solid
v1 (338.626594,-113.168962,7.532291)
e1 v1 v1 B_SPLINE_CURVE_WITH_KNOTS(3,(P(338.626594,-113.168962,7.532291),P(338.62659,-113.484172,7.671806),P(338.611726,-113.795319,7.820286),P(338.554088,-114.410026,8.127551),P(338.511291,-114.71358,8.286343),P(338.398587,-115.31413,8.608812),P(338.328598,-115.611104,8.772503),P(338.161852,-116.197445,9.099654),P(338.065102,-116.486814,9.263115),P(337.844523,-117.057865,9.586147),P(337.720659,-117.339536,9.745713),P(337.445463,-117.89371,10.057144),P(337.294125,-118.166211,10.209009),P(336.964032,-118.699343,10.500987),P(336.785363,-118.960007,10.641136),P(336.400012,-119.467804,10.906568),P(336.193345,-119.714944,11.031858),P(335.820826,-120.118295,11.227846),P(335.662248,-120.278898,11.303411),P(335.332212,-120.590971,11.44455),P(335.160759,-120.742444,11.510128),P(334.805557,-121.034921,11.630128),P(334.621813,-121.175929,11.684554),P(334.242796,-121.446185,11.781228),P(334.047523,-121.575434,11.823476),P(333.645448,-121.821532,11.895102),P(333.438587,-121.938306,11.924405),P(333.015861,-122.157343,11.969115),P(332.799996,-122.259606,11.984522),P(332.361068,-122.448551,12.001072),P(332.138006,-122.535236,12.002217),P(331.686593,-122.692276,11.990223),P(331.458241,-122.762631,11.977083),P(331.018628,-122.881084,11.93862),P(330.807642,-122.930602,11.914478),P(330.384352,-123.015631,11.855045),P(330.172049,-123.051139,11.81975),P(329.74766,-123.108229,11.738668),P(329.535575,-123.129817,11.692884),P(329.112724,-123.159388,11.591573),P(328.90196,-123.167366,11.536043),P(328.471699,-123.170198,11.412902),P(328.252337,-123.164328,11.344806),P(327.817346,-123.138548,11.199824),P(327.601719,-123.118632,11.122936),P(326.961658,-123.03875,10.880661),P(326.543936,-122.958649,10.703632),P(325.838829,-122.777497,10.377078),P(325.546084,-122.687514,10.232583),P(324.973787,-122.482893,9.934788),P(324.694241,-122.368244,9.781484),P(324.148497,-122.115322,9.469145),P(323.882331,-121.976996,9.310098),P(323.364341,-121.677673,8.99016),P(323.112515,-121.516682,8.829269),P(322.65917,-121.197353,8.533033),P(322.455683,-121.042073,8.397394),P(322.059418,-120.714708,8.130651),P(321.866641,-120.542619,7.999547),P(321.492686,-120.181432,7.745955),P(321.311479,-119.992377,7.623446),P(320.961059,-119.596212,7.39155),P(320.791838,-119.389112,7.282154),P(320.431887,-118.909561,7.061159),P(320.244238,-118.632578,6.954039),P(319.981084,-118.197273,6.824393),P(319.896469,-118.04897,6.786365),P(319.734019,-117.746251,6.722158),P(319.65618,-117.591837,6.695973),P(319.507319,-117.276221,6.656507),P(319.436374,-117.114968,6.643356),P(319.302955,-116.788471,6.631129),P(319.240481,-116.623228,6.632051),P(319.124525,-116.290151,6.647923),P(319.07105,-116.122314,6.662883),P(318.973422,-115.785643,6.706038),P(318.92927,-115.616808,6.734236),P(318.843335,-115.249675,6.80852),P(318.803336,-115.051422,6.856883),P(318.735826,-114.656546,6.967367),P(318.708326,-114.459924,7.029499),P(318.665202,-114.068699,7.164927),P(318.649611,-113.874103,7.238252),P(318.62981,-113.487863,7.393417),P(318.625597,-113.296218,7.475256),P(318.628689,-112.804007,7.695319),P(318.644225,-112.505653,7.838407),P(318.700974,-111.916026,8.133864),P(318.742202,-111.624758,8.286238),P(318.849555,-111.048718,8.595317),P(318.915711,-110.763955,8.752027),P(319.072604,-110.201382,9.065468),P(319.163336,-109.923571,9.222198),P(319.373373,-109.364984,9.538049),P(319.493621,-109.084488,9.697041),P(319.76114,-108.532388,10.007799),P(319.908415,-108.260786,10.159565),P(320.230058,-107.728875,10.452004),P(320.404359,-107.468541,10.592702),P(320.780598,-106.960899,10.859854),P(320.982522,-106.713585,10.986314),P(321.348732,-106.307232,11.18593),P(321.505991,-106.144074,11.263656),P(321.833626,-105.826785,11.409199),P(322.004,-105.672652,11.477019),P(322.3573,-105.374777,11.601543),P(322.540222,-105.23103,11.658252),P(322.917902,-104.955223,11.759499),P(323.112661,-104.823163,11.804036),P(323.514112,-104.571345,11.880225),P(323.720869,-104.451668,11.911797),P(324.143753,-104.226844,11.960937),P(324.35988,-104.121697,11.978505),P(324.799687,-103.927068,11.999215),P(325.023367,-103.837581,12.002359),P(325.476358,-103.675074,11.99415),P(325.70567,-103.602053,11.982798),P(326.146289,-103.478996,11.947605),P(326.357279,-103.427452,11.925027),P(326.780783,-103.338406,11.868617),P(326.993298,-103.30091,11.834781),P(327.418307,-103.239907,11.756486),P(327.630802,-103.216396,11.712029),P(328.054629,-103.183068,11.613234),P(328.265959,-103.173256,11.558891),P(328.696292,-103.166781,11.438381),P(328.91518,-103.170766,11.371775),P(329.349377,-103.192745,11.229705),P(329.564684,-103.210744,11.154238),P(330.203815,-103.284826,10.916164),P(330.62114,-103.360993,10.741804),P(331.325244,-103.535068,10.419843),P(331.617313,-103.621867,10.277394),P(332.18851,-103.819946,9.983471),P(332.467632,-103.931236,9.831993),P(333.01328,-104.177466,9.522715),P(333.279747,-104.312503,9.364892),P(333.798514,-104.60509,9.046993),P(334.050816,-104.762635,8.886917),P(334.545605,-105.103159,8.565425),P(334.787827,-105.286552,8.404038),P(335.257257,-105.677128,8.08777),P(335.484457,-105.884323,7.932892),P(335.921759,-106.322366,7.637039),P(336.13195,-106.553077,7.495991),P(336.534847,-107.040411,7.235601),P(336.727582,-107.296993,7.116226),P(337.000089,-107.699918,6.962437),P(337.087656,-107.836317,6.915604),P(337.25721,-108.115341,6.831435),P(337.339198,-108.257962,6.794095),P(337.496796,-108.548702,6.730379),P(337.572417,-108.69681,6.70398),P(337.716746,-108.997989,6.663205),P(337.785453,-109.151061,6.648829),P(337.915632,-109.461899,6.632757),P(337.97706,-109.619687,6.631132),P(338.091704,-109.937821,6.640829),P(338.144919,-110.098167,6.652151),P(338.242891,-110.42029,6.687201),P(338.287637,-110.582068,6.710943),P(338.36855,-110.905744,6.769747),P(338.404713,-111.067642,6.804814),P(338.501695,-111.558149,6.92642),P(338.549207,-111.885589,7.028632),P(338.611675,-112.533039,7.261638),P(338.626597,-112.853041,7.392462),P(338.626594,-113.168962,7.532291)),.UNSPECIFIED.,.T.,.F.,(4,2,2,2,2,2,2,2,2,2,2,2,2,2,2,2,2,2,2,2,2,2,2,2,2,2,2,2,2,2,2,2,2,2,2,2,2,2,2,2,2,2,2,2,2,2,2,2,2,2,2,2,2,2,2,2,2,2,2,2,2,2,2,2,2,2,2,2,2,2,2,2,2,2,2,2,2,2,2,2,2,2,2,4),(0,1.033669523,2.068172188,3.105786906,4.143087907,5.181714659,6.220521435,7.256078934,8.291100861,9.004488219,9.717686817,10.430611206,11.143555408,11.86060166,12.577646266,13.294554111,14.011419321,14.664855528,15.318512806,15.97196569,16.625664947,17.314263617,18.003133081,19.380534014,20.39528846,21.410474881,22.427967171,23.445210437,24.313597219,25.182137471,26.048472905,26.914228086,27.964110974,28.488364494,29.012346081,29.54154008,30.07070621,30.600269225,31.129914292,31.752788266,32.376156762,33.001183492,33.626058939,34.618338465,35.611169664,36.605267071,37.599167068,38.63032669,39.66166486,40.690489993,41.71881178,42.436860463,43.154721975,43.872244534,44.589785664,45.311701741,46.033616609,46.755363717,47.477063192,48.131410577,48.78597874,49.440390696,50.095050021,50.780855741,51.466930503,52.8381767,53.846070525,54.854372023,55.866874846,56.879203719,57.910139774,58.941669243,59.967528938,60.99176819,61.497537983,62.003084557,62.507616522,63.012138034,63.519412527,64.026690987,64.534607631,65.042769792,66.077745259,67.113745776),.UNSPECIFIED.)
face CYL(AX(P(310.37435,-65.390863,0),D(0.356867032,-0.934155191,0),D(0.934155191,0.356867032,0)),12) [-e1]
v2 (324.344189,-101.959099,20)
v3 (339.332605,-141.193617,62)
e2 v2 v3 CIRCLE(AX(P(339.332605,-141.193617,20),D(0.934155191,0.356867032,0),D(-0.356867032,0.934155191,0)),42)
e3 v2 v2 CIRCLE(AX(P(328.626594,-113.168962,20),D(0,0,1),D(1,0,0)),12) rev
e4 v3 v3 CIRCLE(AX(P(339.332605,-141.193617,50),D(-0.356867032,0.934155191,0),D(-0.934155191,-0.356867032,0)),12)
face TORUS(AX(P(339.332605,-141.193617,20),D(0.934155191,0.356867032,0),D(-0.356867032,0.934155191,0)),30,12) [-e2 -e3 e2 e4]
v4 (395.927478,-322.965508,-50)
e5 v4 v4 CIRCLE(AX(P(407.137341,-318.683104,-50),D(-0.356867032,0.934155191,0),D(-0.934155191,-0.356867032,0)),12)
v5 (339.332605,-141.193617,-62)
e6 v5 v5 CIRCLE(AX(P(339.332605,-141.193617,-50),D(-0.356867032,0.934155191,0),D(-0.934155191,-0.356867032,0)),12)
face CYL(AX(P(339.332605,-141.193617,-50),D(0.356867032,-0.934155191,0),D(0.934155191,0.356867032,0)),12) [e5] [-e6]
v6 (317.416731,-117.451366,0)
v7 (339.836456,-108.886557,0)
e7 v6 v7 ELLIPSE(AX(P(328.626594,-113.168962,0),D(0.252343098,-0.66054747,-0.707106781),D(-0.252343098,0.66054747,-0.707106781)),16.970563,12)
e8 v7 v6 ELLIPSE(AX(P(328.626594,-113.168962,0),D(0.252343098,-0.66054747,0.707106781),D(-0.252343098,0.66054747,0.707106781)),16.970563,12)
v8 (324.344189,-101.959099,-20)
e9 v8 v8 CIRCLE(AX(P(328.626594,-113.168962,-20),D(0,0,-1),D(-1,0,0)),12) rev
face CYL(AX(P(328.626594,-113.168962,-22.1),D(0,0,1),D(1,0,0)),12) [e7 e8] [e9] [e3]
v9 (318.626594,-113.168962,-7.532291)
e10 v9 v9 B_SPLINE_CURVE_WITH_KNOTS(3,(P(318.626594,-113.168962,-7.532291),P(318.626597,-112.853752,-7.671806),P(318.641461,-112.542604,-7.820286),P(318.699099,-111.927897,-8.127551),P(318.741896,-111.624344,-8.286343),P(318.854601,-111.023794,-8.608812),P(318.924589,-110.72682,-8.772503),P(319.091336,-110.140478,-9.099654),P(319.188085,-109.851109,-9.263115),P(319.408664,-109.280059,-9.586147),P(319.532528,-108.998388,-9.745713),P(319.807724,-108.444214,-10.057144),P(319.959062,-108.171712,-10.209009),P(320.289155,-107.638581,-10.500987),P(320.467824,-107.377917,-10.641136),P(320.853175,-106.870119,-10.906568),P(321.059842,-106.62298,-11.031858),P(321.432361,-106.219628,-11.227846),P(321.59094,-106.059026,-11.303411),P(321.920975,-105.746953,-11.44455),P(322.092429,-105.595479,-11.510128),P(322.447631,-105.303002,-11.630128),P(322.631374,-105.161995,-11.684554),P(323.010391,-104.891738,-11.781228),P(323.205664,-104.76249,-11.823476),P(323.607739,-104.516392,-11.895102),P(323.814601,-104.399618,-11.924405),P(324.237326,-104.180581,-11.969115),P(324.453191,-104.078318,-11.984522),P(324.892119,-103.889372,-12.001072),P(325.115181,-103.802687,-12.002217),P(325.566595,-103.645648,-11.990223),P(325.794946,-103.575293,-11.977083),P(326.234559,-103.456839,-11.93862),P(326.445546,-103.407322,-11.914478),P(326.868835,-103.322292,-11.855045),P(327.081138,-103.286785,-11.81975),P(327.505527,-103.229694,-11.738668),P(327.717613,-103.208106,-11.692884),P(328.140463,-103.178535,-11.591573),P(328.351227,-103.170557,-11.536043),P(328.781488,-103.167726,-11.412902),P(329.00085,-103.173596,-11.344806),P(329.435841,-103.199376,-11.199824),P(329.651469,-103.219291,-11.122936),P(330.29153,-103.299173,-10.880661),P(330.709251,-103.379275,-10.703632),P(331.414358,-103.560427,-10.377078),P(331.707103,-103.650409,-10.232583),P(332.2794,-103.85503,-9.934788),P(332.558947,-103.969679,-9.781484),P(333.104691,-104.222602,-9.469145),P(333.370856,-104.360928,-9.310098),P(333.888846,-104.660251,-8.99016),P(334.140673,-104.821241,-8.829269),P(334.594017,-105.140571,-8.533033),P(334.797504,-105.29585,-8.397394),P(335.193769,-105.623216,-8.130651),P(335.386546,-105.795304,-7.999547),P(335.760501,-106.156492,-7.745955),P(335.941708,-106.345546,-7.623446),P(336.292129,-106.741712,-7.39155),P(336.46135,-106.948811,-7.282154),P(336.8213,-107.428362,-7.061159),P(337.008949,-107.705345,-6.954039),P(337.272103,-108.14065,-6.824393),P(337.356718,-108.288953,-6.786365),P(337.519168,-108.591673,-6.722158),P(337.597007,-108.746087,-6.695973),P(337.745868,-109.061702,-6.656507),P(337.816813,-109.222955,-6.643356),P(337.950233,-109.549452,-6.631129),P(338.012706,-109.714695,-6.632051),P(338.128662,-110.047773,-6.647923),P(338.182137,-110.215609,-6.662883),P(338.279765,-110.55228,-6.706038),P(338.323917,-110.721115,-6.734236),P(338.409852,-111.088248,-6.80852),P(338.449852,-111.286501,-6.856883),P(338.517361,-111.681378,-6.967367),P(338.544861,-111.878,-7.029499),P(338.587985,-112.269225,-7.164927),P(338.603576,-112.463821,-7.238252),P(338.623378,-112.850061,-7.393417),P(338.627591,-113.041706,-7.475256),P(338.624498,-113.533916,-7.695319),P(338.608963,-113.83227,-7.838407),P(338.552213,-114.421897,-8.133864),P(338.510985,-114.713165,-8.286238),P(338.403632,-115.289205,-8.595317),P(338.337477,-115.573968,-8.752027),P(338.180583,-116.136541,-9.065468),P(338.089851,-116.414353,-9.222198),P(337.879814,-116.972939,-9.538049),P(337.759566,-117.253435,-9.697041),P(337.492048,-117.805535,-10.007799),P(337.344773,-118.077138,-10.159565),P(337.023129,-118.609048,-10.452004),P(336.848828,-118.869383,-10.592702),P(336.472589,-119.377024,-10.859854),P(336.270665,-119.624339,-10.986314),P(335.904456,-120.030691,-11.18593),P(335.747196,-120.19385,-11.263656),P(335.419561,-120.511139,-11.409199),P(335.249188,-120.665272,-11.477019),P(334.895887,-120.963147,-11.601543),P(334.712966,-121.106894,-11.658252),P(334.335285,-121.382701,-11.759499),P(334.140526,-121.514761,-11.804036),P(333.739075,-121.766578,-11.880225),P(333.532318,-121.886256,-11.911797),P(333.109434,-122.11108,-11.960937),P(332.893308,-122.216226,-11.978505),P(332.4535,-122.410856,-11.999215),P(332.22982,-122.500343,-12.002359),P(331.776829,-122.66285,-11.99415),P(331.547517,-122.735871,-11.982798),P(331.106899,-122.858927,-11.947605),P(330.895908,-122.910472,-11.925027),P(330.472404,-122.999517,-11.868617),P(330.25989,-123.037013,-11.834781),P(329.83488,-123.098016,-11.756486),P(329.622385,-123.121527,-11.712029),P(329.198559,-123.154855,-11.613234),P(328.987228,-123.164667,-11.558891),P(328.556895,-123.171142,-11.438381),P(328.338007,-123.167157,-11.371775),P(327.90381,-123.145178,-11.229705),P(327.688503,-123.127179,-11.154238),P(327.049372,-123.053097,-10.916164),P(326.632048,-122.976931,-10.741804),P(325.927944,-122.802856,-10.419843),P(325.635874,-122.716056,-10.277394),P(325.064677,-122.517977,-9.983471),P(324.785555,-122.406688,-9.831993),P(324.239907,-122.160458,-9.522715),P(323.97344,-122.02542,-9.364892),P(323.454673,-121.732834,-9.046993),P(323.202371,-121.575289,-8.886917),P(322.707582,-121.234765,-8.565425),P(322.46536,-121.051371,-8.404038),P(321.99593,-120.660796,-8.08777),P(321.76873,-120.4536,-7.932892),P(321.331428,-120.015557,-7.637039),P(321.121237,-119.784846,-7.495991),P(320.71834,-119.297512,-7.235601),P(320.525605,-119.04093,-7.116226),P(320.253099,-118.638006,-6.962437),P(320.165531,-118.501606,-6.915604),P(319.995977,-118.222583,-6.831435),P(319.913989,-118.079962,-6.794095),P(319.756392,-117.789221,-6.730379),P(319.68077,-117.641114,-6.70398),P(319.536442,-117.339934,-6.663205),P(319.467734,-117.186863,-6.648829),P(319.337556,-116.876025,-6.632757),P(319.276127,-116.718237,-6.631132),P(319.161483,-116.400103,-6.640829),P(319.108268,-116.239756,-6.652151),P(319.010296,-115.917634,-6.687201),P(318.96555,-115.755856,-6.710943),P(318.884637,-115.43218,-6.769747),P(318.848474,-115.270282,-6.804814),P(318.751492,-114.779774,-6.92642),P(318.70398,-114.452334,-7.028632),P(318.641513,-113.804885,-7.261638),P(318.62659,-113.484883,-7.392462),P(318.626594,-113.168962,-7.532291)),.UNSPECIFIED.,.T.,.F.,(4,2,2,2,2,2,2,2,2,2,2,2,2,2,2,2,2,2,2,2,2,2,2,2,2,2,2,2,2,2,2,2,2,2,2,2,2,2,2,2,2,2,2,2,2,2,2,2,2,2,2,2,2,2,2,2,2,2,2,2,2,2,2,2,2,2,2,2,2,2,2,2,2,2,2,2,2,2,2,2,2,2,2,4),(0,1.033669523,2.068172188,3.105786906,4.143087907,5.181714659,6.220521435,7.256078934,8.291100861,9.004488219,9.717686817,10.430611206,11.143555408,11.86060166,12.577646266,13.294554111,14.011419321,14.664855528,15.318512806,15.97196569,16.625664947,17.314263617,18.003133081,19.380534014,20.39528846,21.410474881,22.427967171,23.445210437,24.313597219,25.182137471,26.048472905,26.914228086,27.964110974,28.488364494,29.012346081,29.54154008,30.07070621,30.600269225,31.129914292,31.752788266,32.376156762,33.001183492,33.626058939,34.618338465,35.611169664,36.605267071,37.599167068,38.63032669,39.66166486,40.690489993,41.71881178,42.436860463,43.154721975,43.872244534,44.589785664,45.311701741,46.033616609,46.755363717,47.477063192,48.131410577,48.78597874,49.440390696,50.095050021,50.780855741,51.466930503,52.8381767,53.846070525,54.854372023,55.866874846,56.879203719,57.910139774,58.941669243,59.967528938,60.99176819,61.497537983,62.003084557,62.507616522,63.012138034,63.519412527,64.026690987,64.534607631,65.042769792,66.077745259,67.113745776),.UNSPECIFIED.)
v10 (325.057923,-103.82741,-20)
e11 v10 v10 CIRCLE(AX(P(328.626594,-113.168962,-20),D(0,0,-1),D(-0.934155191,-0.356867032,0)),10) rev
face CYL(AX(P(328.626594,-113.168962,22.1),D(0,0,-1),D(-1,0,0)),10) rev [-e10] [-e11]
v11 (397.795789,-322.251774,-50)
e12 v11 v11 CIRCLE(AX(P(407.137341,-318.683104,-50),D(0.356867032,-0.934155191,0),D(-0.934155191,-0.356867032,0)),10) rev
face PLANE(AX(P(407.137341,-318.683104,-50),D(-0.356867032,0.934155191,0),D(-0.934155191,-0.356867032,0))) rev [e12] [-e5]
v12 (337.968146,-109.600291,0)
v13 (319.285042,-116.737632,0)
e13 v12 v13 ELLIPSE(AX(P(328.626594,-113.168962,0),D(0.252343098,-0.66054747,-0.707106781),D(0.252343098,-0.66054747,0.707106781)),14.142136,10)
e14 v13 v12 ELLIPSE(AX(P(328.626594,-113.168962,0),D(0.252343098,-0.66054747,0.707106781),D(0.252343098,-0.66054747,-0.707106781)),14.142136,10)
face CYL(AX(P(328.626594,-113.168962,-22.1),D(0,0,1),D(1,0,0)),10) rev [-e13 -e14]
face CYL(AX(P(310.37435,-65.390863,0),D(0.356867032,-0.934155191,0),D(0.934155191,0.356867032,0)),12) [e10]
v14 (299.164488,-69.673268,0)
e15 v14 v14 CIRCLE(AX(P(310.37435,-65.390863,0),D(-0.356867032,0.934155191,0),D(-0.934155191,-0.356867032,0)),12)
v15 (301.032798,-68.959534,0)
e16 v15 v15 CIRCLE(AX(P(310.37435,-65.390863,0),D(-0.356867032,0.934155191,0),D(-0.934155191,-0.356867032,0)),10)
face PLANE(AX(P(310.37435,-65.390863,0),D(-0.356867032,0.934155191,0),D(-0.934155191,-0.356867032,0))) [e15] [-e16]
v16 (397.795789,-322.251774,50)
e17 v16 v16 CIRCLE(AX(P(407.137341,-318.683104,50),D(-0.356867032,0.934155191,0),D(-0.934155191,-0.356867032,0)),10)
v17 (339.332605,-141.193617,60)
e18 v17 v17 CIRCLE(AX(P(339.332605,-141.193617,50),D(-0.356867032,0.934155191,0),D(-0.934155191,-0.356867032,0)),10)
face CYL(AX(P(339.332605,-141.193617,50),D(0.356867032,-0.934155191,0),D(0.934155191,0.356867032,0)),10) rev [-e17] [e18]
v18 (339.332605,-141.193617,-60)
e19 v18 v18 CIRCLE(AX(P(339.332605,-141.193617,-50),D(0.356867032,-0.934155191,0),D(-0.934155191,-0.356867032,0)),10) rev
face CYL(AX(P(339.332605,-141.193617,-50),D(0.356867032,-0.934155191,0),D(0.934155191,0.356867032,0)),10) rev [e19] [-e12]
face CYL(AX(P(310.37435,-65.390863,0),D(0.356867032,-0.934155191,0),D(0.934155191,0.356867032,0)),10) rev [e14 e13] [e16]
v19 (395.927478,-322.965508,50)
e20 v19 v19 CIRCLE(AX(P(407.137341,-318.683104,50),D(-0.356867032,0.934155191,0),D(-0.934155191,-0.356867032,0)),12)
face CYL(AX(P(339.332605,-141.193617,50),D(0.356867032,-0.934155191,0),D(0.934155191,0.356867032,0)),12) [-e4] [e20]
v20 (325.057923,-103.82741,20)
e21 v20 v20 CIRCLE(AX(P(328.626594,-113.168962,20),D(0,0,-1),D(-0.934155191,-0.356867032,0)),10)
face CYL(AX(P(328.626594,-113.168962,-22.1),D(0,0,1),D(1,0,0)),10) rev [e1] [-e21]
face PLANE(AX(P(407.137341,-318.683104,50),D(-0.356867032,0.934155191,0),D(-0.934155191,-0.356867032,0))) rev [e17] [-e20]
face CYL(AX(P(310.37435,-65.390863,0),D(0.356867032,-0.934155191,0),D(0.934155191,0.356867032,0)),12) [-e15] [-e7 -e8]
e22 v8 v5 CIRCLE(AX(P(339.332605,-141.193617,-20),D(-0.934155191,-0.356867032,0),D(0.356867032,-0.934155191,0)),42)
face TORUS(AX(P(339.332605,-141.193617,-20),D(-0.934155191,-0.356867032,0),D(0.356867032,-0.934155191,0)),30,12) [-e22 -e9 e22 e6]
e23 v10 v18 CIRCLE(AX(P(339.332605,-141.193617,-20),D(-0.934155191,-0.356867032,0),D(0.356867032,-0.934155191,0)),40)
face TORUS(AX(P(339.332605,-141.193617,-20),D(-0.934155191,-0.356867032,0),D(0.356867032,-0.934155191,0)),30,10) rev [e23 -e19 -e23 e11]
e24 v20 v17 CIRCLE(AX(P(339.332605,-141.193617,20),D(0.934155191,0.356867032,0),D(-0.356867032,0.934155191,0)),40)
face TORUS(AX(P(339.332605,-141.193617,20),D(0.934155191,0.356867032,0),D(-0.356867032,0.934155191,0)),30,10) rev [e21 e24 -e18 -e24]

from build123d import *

# Parameters (mm, degrees)
SWEEP_THIN1_PROFILE_R   = 12
SWEEP_THIN1_PROFILE_R_2 = 10


with BuildPart() as part:
    # Sweep-Thin1: sweep along a path in Sketch2
    with BuildLine(Plane(origin=(400, -300, 0), x_dir=(0, 0, -1), z_dir=(0.934155191329314, 0.35686703197758807, 0))) as sweep_thin1_path:
        Line((0, 251.145783), (0, 200))
        Line((0, 200), (-20, 200))
        ThreePointArc((-20, 200), (-41.213203, 191.213203), (-50, 170))
        Line((-50, 170), (-50, -20))
    # Sweep-Thin1 profile (on start of the path) → Sweep-Thin1 (sweep)
    with BuildSketch(Plane(origin=(310.37435, -65.390863, 0), x_dir=(-0.934155191329314, -0.35686703197758807, 0), z_dir=(0.35686703197758807, -0.934155191329314, 0))):
        Circle(SWEEP_THIN1_PROFILE_R)
        Circle(SWEEP_THIN1_PROFILE_R_2, mode=Mode.SUBTRACT)
    sweep_thin1 = sweep(path=sweep_thin1_path.line, transition=Transition.RIGHT)

    # Mirror1: Sweep-Thin1 across plane
    add(sweep_thin1.mirror(Plane.XY))


solid = part.part
